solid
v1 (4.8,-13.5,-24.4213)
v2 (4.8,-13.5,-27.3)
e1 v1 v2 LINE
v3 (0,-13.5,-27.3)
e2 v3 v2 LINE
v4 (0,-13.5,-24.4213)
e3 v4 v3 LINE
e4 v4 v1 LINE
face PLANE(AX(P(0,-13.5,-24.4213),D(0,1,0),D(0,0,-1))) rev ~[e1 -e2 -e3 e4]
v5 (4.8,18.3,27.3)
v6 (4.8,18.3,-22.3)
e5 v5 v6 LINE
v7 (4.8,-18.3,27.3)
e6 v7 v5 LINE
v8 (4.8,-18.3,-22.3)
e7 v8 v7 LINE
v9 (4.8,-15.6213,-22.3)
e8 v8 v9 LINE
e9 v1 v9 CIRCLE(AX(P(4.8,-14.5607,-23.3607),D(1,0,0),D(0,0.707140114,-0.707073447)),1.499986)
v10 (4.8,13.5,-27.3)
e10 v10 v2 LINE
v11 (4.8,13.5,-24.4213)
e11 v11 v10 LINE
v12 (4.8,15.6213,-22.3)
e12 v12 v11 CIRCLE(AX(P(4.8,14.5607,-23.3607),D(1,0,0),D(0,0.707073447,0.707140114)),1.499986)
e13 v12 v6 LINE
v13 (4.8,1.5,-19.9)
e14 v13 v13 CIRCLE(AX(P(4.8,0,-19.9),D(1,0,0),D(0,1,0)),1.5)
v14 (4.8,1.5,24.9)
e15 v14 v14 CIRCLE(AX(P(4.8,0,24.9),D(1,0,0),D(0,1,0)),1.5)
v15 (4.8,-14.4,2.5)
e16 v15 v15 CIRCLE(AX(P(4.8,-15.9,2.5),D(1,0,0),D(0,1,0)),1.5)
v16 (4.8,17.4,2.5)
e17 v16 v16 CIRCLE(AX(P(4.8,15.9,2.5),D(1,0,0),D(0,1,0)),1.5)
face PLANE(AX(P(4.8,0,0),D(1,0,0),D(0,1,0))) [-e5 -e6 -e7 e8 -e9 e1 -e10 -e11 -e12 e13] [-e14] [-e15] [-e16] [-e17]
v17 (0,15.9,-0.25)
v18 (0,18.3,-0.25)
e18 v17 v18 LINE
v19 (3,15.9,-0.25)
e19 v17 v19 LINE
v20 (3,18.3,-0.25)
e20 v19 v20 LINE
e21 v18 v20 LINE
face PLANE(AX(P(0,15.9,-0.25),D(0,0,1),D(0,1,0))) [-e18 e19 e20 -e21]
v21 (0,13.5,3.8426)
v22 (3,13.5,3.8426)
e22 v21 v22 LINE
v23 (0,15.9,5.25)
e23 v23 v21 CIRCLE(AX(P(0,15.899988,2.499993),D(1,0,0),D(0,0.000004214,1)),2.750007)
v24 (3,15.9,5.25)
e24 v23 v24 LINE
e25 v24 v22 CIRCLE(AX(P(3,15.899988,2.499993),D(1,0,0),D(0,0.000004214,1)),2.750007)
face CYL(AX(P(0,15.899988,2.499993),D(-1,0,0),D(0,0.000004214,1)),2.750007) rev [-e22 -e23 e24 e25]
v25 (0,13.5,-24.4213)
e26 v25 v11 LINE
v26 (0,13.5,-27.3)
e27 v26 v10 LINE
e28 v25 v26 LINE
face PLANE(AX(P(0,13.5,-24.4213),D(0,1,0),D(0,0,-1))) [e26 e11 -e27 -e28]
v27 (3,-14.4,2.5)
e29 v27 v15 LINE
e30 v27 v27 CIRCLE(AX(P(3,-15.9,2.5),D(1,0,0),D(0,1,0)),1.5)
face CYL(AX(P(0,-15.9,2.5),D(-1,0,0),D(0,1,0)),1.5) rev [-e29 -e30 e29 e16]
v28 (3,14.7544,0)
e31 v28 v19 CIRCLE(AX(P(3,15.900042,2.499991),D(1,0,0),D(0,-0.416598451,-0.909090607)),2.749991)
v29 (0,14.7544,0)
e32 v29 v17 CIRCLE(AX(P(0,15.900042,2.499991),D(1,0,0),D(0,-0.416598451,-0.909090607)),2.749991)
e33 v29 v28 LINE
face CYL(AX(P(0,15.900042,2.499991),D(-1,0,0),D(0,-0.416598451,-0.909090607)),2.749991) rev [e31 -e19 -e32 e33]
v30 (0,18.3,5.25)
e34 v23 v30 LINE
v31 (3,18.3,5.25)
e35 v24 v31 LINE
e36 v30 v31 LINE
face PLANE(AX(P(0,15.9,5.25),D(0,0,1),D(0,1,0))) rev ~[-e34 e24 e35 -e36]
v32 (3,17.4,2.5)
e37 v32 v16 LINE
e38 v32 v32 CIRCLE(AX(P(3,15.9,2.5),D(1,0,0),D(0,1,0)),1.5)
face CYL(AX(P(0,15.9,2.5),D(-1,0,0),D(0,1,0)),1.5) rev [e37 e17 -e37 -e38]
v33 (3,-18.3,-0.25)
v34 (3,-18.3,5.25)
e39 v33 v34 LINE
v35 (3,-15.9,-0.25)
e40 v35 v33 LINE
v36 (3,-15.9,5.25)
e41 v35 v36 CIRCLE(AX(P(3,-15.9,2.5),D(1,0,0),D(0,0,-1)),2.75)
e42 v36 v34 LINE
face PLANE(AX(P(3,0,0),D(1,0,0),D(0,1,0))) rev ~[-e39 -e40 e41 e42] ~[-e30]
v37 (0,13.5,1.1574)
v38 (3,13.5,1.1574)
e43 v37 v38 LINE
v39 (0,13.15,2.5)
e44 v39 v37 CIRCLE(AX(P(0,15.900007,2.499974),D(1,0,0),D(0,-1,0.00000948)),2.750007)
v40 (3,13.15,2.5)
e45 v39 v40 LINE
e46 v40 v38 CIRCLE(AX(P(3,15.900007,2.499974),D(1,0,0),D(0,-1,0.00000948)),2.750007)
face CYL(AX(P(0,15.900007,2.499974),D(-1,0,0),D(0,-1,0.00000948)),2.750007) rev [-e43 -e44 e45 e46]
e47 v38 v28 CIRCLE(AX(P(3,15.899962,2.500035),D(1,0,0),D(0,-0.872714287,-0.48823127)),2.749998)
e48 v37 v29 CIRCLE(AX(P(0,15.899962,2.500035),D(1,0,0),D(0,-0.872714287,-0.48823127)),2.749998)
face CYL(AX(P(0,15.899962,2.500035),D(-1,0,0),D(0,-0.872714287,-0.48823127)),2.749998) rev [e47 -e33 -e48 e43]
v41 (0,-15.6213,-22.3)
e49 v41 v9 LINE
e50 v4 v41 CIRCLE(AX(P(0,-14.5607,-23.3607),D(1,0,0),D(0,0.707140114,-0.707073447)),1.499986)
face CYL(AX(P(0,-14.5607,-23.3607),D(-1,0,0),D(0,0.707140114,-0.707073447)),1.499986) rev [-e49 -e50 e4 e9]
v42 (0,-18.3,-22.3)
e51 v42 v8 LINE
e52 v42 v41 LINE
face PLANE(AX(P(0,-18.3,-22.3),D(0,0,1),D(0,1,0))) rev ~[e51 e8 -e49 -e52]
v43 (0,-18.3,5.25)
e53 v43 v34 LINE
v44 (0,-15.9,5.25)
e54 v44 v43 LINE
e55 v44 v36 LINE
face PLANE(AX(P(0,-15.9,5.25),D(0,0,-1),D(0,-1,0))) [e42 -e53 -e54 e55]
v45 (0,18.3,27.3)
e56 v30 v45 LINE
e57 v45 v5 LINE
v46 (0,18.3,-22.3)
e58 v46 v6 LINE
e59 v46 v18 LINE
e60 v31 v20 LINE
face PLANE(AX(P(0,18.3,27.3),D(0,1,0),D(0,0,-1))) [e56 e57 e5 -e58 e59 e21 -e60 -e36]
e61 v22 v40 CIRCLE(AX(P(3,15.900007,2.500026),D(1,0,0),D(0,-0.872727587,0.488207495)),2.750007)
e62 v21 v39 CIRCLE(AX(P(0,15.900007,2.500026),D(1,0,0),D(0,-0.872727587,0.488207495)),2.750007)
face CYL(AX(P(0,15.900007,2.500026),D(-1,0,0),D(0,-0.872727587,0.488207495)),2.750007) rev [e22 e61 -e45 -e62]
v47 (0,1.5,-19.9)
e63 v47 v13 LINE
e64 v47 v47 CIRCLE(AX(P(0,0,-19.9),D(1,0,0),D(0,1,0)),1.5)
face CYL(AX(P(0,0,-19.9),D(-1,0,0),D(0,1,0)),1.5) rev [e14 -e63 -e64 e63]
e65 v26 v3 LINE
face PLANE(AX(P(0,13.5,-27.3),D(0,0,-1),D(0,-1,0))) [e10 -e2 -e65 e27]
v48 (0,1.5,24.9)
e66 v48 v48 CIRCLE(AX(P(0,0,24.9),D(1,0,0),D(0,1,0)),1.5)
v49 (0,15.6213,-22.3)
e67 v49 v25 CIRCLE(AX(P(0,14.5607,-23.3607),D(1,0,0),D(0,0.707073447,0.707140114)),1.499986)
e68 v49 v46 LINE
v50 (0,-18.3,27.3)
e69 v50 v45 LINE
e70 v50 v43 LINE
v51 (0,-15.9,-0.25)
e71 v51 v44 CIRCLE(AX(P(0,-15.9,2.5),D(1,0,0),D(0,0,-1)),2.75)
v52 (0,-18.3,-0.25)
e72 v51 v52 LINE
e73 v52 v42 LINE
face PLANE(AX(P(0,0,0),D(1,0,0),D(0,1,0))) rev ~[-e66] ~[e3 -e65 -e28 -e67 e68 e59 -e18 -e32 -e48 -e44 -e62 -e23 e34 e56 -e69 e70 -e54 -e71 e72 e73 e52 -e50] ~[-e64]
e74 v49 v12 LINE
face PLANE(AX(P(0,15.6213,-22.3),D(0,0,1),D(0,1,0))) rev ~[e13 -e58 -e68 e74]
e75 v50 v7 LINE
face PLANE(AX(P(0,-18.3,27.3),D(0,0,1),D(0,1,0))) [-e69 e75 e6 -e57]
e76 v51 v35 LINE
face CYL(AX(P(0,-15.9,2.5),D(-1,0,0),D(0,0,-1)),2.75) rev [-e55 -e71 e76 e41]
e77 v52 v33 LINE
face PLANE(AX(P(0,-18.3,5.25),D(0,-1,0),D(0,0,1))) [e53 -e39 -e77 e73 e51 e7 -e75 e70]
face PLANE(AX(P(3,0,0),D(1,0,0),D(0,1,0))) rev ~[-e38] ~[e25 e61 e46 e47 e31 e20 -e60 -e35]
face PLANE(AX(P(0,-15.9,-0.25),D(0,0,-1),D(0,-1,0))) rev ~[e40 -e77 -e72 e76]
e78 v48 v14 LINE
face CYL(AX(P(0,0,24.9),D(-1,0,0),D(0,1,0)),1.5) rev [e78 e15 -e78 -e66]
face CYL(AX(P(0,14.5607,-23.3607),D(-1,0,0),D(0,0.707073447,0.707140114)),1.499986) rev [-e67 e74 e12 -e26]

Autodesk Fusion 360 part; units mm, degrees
sketch "Sketch1" plane through (0, 0, 0) normal (1, 0, 0) x (0, 1, 0)
  line L0 (-18.3, 27.3) -> (18.3, 27.3)
  line L1 (18.3, 27.3) -> (18.3, -22.3)
  line L2 (13.5, -27.3) -> (-13.5, -27.3)
  line L3 (-18.3, -22.3) -> (-18.3, 27.3)
  line L4 (0, 0) -> (0, 27.3) construction
  line L5 (-13.5, 27.3) -> (-13.5, -22.3) construction
  line L6 (13.5, 27.3) -> (13.5, -22.3) construction
  line L7 (-18.3, 22.5) -> (18.3, 22.5) construction
  line L8 (-18.3, -17.5) -> (18.3, -17.5) construction
  line L9 (-13.5, -22.3) -> (13.5, -22.3) construction
  line L10 (-18.3, 2.5) -> (18.3, 2.5) construction
  line L11 (0, 0) -> (0, -19.9) construction
  circle A0 centre (0, -19.9) radius 1.5
  circle A1 centre (-15.9, 2.5) radius 1.5
  circle A2 centre (15.9, 2.5) radius 1.5
  circle A3 centre (0, 24.9) radius 1.5
  line L12 (-18.3, -22.3) -> (-15.6213, -22.3)
  line L13 (-13.5, -24.4213) -> (-13.5, -27.3)
  line L14 (13.5, -24.4213) -> (13.5, -27.3)
  line L15 (15.6213, -22.3) -> (18.3, -22.3)
  line L16 (-18.3, -27.3) -> (-18.3, -22.3) construction
  line L17 (-13.5, -27.3) -> (-18.3, -27.3) construction
  line L18 (18.3, -27.3) -> (13.5, -27.3) construction
  line L19 (0, 0) -> (18.3, 0)
  line L20 (18.3, -22.3) -> (18.3, -27.3) construction
  line L21 (-13.5, -22.3) -> (-14.5607, -23.3607) construction
  arc A4 (-13.5, -24.4213) -> (-15.6213, -22.3) centre (-14.5607, -23.3607) ccw
  arc A5 (-15.6213, -22.3) -> (-13.5, -24.4213) centre (-14.5607, -23.3607) ccw construction
  line L22 (-13.5, -22.3) -> (-13.5, -24.4213) construction
  line L23 (-15.6213, -22.3) -> (-13.5, -22.3) construction
  line L24 (13.5, -22.3) -> (14.5607, -23.3607) construction
  arc A6 (15.6213, -22.3) -> (13.5, -24.4213) centre (14.5607, -23.3607) ccw
  arc A7 (13.5, -24.4213) -> (15.6213, -22.3) centre (14.5607, -23.3607) ccw construction
  line L25 (13.5, -22.3) -> (15.6213, -22.3) construction
  line L26 (13.5, -22.3) -> (13.5, -24.4213) construction
  line L27 (-15.9, -0.25) -> (-18.3, -0.25)
  line L28 (-15.9, 5.25) -> (-18.3, 5.25)
  arc A8 (-15.9, -0.25) -> (-15.9, 5.25) centre (-15.9, 2.5) ccw
  arc A9 (-15.9, 5.25) -> (-18.3, 3.8426) centre (-15.9, 2.5) ccw construction
  arc A10 (-18.3, 3.8426) -> (-18.3, 1.1574) centre (-15.9, 2.5) ccw construction
  arc A11 (-18.3, 1.1574) -> (-15.9, -0.25) centre (-15.9, 2.5) ccw construction
  line L29 (15.9, 5.25) -> (18.3, 5.25)
  line L30 (15.9, -0.25) -> (18.3, -0.25)
  arc A12 (15.9, -0.25) -> (15.9, 5.25) centre (15.9, 2.5) ccw construction
  arc A13 (14.7544, 0) -> (15.9, -0.25) centre (15.9, 2.5) ccw
  arc A14 (13.5, 1.1574) -> (14.7544, 0) centre (15.9, 2.5) ccw
  arc A15 (13.15, 2.5) -> (13.5, 1.1574) centre (15.9, 2.5) ccw
  arc A16 (13.5, 3.8426) -> (13.15, 2.5) centre (15.9, 2.5) ccw
  arc A17 (15.9, 5.25) -> (13.5, 3.8426) centre (15.9, 2.5) ccw
  point P0 (18.3, 0)
  dimension "d20" = 4.8
  dimension "d21" = 4.8
  dimension "d22" = 4.8
  dimension "d23" = 27
  dimension "d24" = 4.8
  dimension "d25" = 5
  dimension "d26" = 40
  dimension "d27" = 20
  dimension "d28" = 2.4
  dimension "d29" = 3
  dimension "d30" = 3
  dimension "d31" = 3
  dimension "d32" = 3
  dimension "d33" = 2.4
  dimension "d34" = 2.4
  dimension "d35" = 2.4
  dimension "d38" = 2.5
  dimension "d39" = 1.5
  dimension "d40" = 45
  dimension "d41" = 3
  dimension "d42" = 1.5
  dimension "d43" = 45
  dimension "d44" = 3
  dimension "d45" = 5.5
  dimension "d46" = 5.5
extrude "Extrude1" add sketch "Sketch1" along normal blind 4.8
extrude "Extrude2" cut sketch "Sketch1" along normal blind 3 contours L3 L27 L28 A8 | L1 L19 L29 A14 A15 A16 A17 | L1 L19 L30 A13
